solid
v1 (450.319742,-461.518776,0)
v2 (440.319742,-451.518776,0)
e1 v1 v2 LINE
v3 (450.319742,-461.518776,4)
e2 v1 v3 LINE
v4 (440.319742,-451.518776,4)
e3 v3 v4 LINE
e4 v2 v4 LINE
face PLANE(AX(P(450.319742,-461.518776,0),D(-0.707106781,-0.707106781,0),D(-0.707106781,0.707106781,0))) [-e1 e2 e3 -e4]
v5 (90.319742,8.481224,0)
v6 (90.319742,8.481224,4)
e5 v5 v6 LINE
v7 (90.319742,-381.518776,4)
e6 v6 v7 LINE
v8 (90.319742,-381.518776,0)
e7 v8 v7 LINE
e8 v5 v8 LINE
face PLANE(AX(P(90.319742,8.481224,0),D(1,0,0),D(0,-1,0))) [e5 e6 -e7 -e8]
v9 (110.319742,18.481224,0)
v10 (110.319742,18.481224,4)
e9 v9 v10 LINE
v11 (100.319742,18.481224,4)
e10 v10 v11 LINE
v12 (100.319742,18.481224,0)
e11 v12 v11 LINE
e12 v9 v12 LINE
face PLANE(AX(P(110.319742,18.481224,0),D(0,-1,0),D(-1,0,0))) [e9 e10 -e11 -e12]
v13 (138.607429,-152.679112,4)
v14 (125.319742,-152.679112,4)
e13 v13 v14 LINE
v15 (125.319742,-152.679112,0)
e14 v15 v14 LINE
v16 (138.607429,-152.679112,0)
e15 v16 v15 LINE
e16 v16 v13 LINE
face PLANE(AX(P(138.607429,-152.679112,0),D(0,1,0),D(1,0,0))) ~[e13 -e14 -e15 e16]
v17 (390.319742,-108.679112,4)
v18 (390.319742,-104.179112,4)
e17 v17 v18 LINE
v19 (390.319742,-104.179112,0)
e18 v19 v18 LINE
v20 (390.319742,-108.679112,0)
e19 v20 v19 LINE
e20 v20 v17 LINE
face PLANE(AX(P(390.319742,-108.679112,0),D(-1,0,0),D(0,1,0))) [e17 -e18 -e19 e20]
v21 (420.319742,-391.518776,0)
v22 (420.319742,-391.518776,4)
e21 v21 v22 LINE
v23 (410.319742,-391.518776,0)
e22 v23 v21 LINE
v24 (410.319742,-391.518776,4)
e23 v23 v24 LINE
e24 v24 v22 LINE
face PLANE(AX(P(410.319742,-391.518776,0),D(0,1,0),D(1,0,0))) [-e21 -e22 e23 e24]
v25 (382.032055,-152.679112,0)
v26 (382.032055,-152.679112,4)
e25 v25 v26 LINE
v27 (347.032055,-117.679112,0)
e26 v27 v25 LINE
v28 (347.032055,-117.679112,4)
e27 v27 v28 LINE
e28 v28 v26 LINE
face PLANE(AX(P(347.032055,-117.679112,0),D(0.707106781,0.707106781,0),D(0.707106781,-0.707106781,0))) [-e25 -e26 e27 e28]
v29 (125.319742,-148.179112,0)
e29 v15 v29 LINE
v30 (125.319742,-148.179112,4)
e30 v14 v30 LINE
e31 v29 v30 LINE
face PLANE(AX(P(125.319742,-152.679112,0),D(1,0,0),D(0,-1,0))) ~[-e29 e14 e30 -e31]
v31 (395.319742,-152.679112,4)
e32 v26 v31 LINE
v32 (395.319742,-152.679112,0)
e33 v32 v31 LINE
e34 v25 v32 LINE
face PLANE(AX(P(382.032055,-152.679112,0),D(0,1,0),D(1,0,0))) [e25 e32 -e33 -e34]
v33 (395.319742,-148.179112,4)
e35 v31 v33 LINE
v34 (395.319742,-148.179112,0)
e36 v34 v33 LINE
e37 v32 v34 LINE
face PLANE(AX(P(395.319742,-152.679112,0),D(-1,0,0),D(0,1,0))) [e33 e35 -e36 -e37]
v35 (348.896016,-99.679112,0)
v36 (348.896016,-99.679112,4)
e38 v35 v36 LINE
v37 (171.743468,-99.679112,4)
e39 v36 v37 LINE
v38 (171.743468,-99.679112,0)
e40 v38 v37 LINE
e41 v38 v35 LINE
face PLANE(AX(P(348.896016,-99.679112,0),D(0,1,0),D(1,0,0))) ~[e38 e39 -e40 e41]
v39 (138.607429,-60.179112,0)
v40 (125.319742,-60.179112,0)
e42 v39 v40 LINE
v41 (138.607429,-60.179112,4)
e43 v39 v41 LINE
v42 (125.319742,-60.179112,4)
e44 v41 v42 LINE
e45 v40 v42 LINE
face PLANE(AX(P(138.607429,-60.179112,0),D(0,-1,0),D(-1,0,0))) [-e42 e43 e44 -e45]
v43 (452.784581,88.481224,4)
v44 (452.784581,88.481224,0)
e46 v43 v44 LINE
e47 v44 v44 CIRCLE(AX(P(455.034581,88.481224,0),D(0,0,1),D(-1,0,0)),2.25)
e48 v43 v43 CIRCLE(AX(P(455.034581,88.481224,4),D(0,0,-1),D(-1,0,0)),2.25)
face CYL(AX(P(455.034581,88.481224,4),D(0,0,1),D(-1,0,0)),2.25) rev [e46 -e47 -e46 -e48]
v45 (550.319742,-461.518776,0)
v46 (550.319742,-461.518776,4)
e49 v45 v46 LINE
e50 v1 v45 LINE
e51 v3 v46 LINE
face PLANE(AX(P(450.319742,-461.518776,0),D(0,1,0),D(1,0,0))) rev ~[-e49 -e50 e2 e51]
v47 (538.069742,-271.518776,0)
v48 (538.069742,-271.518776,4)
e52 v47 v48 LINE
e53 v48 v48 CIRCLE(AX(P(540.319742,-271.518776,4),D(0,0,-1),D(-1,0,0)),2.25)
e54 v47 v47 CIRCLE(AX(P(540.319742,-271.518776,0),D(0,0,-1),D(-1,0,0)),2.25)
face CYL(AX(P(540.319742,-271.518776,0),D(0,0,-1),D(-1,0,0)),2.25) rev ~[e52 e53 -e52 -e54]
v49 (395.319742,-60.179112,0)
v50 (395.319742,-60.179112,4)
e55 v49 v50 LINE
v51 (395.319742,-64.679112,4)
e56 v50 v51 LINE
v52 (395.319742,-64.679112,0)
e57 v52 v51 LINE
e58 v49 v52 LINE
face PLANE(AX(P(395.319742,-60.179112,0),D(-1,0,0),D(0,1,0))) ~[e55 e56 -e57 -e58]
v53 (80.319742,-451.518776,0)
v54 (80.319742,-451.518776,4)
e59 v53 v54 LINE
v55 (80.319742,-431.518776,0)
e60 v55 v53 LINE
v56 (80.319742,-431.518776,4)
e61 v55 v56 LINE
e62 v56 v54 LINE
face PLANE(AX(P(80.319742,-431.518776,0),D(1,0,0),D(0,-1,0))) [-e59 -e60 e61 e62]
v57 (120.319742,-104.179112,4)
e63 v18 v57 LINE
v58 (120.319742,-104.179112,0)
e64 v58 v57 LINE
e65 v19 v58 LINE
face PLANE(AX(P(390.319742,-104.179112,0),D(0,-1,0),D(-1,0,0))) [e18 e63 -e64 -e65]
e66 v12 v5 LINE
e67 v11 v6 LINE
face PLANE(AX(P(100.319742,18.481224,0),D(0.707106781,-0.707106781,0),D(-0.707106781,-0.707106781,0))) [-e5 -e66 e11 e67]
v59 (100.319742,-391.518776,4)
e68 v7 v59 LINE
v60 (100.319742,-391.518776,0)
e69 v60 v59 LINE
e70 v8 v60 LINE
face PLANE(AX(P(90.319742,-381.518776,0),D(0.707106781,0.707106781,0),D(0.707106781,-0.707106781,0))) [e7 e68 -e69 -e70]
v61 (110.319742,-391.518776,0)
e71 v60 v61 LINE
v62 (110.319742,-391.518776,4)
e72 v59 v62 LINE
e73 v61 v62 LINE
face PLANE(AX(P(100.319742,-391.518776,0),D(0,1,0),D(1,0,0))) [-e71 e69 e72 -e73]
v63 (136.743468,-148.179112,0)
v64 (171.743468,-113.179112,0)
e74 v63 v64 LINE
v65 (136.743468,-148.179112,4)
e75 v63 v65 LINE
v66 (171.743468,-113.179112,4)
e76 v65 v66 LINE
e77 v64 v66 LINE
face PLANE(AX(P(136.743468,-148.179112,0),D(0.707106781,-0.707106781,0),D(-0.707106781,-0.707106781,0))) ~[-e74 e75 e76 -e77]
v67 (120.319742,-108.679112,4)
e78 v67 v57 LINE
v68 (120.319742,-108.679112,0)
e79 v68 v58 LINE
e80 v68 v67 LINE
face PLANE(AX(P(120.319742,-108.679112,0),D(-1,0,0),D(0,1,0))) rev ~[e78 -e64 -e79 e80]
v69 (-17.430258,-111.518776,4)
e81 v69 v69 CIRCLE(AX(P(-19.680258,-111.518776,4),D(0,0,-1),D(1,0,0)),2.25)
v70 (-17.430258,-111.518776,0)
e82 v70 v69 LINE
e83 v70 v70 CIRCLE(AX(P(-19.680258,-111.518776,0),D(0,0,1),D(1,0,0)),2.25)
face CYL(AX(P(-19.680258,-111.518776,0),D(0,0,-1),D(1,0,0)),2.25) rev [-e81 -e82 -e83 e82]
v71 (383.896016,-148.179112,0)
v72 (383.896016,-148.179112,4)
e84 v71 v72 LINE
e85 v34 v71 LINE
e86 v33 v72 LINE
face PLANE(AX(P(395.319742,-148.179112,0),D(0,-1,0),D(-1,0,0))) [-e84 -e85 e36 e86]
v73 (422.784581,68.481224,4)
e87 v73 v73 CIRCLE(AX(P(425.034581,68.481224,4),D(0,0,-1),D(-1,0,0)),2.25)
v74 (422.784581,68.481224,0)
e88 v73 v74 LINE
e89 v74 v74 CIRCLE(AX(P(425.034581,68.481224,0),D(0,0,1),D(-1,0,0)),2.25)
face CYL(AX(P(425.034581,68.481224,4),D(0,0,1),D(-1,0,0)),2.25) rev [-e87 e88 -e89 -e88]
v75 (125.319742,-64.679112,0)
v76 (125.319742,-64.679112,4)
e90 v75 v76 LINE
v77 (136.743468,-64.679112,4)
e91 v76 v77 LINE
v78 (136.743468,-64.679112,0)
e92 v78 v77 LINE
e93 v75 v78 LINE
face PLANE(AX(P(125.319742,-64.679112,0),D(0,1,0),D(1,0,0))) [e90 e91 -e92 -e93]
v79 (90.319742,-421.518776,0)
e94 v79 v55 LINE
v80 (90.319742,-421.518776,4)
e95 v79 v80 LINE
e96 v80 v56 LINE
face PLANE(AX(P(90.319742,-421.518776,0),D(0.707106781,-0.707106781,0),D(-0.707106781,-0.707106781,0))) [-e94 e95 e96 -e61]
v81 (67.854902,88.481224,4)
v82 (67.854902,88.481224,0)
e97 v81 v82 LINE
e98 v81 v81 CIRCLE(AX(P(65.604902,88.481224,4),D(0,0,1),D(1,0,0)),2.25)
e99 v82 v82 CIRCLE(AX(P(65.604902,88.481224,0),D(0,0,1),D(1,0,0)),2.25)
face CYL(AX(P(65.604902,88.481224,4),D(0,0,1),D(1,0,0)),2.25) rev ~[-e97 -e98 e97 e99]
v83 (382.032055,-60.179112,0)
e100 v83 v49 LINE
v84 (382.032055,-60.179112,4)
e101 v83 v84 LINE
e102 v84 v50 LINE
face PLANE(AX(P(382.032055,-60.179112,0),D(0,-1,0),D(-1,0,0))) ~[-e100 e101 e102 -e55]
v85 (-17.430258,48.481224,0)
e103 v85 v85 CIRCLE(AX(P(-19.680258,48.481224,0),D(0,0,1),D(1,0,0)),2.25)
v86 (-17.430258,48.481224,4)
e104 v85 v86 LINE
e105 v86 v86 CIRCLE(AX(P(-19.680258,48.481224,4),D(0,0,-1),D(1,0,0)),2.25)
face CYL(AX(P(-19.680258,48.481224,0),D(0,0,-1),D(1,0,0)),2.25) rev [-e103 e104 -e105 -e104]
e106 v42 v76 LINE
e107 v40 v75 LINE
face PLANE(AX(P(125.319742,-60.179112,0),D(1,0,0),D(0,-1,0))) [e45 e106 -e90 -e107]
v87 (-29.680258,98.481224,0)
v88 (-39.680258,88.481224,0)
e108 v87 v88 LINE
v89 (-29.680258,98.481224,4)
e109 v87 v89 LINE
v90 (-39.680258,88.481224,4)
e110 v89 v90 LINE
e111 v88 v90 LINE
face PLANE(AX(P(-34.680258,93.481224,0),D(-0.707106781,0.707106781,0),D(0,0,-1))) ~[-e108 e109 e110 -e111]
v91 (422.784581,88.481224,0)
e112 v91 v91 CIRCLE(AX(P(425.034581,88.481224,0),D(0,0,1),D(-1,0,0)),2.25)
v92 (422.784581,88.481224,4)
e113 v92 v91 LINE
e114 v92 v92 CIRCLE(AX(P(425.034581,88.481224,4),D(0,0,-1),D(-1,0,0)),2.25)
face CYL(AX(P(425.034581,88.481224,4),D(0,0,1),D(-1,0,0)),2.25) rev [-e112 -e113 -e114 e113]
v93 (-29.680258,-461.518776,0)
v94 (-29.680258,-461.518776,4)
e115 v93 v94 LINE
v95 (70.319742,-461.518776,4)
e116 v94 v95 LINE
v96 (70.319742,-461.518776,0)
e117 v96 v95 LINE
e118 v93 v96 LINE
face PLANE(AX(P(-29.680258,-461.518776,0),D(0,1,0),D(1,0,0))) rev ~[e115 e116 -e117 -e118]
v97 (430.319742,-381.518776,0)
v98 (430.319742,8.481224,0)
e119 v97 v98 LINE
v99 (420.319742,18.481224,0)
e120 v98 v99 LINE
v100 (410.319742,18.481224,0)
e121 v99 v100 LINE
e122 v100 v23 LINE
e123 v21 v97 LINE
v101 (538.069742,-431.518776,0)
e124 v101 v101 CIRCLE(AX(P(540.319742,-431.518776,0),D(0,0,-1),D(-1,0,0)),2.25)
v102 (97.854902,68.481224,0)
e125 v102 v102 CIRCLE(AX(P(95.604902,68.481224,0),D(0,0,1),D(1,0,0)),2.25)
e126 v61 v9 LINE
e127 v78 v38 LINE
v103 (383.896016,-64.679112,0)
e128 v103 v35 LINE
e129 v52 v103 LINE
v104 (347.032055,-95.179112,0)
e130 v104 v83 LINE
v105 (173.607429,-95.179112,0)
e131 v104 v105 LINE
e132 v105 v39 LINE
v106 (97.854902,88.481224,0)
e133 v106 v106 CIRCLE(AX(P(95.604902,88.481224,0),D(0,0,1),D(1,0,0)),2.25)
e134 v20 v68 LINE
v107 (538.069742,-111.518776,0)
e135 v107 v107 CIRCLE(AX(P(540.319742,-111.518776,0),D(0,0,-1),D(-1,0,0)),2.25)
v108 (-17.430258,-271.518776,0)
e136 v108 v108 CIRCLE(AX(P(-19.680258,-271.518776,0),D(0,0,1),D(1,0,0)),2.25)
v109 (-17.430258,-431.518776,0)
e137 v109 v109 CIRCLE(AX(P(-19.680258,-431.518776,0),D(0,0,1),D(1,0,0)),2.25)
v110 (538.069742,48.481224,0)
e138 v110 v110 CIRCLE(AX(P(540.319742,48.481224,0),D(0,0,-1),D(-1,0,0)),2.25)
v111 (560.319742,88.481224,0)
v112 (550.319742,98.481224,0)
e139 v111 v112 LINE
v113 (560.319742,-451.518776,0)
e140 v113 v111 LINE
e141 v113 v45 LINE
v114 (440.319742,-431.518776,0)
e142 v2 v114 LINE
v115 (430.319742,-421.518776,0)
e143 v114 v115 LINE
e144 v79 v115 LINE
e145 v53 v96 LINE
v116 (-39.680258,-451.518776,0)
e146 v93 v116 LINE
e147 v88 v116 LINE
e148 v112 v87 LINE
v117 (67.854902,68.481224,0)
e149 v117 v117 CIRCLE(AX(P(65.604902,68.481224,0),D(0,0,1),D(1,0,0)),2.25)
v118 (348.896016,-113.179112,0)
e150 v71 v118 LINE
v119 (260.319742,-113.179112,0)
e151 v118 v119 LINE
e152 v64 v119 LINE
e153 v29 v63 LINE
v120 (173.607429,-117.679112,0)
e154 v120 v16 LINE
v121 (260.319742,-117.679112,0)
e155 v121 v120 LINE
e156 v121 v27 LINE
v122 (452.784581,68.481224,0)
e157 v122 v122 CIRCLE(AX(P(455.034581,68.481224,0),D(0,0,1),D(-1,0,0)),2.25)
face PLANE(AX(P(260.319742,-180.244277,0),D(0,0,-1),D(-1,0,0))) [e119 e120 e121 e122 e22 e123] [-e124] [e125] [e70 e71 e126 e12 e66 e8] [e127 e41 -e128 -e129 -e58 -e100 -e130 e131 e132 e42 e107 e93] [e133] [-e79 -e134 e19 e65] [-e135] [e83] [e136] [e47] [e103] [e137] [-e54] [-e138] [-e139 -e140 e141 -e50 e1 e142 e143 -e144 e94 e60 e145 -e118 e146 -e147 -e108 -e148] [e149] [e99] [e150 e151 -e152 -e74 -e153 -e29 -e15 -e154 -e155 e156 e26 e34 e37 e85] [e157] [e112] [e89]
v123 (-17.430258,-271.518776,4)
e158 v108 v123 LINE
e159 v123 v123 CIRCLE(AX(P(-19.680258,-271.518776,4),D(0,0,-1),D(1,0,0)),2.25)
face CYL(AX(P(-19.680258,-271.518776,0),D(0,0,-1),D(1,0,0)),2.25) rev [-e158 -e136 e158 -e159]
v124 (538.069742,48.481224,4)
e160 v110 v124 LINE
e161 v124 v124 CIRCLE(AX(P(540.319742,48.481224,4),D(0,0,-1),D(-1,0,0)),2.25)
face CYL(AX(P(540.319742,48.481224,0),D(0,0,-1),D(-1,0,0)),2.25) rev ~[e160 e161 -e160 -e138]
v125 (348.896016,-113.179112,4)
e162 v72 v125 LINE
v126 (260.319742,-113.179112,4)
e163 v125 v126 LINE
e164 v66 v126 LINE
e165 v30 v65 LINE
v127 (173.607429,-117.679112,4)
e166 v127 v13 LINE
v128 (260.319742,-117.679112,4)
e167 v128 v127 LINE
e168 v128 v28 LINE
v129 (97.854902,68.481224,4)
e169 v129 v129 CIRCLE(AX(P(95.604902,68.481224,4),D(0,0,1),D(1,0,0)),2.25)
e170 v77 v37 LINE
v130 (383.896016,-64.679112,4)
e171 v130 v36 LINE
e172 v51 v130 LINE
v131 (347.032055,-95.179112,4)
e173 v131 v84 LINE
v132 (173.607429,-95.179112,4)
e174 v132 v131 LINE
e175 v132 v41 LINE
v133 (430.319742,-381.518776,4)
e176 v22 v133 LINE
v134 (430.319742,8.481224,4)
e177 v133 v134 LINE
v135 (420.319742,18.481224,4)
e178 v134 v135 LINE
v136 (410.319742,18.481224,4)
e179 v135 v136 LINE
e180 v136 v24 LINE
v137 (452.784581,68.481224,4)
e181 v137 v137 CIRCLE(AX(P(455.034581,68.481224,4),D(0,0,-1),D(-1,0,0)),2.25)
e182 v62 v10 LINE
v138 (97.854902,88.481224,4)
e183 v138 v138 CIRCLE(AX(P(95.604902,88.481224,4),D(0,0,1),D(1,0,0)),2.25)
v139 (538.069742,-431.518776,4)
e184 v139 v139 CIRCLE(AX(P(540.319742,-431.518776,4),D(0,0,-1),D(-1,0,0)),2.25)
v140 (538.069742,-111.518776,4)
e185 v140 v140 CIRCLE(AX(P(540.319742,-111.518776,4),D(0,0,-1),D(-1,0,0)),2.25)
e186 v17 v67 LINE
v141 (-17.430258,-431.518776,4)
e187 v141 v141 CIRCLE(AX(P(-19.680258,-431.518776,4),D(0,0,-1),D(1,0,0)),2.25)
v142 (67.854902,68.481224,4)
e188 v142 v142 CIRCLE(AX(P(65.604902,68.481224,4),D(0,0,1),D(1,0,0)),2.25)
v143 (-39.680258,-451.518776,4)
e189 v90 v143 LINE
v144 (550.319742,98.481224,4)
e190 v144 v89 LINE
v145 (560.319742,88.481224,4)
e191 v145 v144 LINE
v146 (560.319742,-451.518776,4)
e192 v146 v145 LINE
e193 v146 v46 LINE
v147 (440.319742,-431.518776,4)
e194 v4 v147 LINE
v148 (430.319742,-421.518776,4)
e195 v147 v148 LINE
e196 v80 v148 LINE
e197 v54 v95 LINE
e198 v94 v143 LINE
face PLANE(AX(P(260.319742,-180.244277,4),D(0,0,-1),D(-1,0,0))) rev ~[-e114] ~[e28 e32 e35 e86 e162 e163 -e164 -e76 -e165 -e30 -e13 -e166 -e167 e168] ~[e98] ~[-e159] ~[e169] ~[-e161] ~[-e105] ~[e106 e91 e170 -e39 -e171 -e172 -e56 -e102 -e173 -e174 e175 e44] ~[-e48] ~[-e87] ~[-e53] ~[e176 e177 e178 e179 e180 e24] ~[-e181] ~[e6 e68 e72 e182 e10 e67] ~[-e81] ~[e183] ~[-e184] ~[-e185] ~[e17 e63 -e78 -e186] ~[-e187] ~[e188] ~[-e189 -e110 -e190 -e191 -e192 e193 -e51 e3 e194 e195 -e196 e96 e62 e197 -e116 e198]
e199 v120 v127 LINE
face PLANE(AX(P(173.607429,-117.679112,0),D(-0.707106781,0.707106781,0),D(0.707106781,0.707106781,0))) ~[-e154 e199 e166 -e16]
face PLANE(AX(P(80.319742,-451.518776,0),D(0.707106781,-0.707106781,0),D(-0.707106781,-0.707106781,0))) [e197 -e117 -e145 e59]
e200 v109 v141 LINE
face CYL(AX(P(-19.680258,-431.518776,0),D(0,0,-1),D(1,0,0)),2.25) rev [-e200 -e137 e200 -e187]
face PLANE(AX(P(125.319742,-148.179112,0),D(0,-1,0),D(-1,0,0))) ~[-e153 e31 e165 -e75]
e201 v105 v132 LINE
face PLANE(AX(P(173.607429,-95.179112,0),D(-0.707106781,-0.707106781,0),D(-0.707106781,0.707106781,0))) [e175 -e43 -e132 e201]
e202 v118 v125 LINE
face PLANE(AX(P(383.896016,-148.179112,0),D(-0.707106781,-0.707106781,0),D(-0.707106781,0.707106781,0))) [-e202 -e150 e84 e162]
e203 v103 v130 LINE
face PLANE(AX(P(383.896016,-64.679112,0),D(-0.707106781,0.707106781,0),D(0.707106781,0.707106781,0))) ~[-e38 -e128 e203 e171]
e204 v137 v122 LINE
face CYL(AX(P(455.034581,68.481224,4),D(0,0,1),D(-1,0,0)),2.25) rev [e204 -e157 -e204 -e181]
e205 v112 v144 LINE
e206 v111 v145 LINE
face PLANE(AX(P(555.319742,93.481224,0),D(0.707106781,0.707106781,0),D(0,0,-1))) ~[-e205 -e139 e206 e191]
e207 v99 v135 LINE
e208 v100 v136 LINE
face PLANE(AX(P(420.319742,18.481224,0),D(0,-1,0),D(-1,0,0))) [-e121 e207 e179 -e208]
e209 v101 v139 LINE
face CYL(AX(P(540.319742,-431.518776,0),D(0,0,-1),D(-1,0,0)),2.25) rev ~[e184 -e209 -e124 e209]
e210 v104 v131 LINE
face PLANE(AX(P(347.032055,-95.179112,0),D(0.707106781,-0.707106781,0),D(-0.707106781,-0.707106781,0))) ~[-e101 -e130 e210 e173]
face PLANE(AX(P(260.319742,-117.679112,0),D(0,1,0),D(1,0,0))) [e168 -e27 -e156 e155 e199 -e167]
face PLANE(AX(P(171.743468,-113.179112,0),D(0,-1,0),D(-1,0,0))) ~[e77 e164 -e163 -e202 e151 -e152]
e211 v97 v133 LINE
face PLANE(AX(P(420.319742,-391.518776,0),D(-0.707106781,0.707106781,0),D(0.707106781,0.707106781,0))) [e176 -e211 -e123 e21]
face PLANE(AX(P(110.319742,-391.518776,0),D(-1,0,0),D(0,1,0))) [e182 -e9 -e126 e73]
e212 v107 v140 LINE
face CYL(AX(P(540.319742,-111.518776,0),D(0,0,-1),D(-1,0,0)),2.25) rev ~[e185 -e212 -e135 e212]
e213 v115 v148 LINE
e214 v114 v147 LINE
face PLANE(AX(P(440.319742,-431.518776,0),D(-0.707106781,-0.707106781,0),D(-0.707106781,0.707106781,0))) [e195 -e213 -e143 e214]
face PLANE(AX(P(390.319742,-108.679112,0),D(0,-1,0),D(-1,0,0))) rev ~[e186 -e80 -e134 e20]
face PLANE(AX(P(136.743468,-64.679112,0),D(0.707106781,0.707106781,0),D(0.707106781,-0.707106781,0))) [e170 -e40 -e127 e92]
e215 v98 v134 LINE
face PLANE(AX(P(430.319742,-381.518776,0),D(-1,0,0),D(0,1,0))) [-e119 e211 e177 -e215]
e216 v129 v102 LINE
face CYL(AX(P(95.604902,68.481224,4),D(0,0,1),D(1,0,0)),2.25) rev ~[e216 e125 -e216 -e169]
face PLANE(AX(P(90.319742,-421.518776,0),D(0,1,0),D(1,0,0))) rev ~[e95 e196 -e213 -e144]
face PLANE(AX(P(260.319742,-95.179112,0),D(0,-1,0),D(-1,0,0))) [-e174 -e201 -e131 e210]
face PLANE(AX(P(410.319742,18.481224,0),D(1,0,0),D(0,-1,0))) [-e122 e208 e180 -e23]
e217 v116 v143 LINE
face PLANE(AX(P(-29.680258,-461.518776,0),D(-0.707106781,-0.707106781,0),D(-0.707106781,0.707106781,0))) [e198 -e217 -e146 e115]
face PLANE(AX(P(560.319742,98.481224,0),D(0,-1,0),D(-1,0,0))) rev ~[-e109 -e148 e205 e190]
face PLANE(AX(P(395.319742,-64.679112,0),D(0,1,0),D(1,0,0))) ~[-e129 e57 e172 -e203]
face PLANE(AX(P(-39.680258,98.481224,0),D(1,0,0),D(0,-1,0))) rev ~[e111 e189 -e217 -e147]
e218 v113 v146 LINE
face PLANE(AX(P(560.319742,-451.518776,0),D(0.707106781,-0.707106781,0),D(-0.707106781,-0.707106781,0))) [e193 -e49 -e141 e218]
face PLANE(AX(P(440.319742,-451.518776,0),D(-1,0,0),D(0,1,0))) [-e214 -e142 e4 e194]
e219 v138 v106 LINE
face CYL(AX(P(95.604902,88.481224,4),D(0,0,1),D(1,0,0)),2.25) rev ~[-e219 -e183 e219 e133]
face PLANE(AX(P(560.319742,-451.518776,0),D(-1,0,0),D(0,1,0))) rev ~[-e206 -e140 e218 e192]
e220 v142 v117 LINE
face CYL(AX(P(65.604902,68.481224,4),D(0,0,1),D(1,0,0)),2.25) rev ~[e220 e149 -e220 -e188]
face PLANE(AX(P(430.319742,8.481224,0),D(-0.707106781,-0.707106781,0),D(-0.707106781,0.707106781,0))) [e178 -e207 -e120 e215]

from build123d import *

# Parameters (mm, degrees)
BOSS_EXTRUDE1_DEPTH  = 4
CUT_EXTRUDE2_DEPTH   = 10
SKETCH4_W            = 270
SKETCH4_H            = 4.5
CUT_EXTRUDE5_DEPTH   = 10
CUT_EXTRUDE6_DEPTH   = 10
MIRROR9_COPY_1_DEPTH = 10
CHAMFER1_SIZE        = 10
SKETCH6_R            = 2.25
CUT_EXTRUDE7_DEPTH   = 10
SKETCH7_R            = 2.25
CUT_EXTRUDE8_DEPTH   = 10


with BuildPart() as part:
    # Sketch1 → Boss-Extrude1 (new body)
    with BuildSketch(Plane.XY):
        Polygon((440.319741737, -451.518776284), (440.319741737, -431.518776284), (430.319741737, -421.518776284), (310.319741737, -421.518776284), (210.319741737, -421.518776284), (90.319741737, -421.518776284), (80.319741737, -431.518776284), (80.319741737, -451.518776284), (70.319741737, -461.518776284), (2.319741737, -461.518776284), (-29.680258263, -461.518776284), (-39.680258263, -451.518776284), (-39.680258263, -421.518776284), (-39.680258263, -5.004819249), (-39.680258263, 98.481223716), (0.319741737, 98.481223716), (540.319741737, 98.481223716), (560.319741737, 98.481223716), (560.319741737, -5.004819249), (560.319741737, -420.004819249), (560.319741737, -451.518776284), (550.319741737, -461.518776284), (540.319741737, -461.518776284), (450.319741737, -461.518776284), align=None)
    extrude(amount=BOSS_EXTRUDE1_DEPTH)

    # Sketch3 → Cut-Extrude2 (cut)
    with BuildSketch(Plane(origin=(0, 0, 0), x_dir=(-1, 0, 0), z_dir=(0, 0, -1))):
        Polygon((-410.319741737, -391.518776284), (-420.319741737, -391.518776284), (-430.319741737, -381.518776284), (-430.319741737, 8.481223716), (-420.319741737, 18.481223716), (-410.319741737, 18.481223716), align=None)
        Polygon((-100.319741737, 18.481223716), (-90.319741737, 8.481223716), (-90.319741737, -381.518776284), (-100.319741737, -391.518776284), (-110.319741737, -391.518776284), (-110.319741737, 18.481223716), align=None)
    extrude(amount=-CUT_EXTRUDE2_DEPTH, mode=Mode.SUBTRACT)

    # Sketch4 → Cut-Extrude5 (cut)
    with BuildSketch(Plane(origin=(0, 0, 0), x_dir=(-1, 0, 0), z_dir=(0, 0, -1))):
        with Locations((-255.319741737, -106.429112329)):
            Rectangle(SKETCH4_W, SKETCH4_H)
    extrude(amount=-CUT_EXTRUDE5_DEPTH, mode=Mode.SUBTRACT)

    # Sketch5 → Cut-Extrude6 (cut)
    with BuildSketch(Plane(origin=(0, 0, 0), x_dir=(-1, 0, 0), z_dir=(0, 0, -1))):
        Polygon((-171.743467553, -99.679112329), (-260.319741737, -99.679112329), (-260.319741737, -95.179112329), (-173.607428584, -95.179112329), (-138.607428584, -60.179112329), (-125.319741737, -60.179112329), (-125.319741737, -64.679112329), (-136.743467553, -64.679112329), align=None)
    cut_extrude6 = extrude(amount=-CUT_EXTRUDE6_DEPTH, mode=Mode.SUBTRACT)

    # Mirror3: Cut-Extrude6 across plane
    add(cut_extrude6.mirror(Plane(origin=(260.319741737, -99.679112329, 10), x_dir=(0, 0, 1), z_dir=(1, 0, 0))), mode=Mode.SUBTRACT)

    # Mirror9: Cut-Extrude6 across plane
    add(cut_extrude6.mirror(Plane(origin=(0, -106.429112329, 0), x_dir=(0, 0, 1), z_dir=(0, -1, 0))), mode=Mode.SUBTRACT)

    # Mirror9 copy 1 sketch → Mirror9 copy 1 (cut)
    with BuildSketch(Plane(origin=(520.639483474, -212.858224657, 0), x_dir=(1, 0, 0), z_dir=(0, 0, -1))):
        Polygon((-171.743467553, -99.679112329), (-260.319741737, -99.679112329), (-260.319741737, -95.179112329), (-173.607428584, -95.179112329), (-138.607428584, -60.179112329), (-125.319741737, -60.179112329), (-125.319741737, -64.679112329), (-136.743467553, -64.679112329), align=None)
    extrude(amount=-MIRROR9_COPY_1_DEPTH, mode=Mode.SUBTRACT)

    # Chamfer1
    chamfer1_edges = [part.edges().sort_by_distance(p)[0] for p in [
        (-39.680258263, 98.481223716, 2),
        (560.319741737, 98.481223716, 2),
    ]]
    chamfer(chamfer1_edges, length=CHAMFER1_SIZE)

    # Sketch6 → Cut-Extrude7 (cut)
    with BuildSketch(Plane(origin=(0, 0, 0), x_dir=(-1, 0, 0), z_dir=(0, 0, -1))):
        with Locations((-540.319741737, 48.481223716)):
            Circle(SKETCH6_R)
        with Locations((-540.319741737, -111.518776284)):
            Circle(SKETCH6_R)
        with Locations((-540.319741737, -271.518776284)):
            Circle(SKETCH6_R)
        with Locations((-540.319741737, -431.518776284)):
            Circle(SKETCH6_R)
    cut_extrude7 = extrude(amount=-CUT_EXTRUDE7_DEPTH, mode=Mode.SUBTRACT)

    # Mirror10: Cut-Extrude7 across plane
    add(cut_extrude7.mirror(Plane(origin=(260.319741737, 0, 0), x_dir=(0, 0, 1), z_dir=(1, 0, 0))), mode=Mode.SUBTRACT)

    # Sketch7 → Cut-Extrude8 (cut)
    with BuildSketch(Plane.XY.offset(4)):
        with Locations((65.604902337, 88.481223716)):
            Circle(SKETCH7_R)
        with Locations((95.604902337, 88.481223716)):
            Circle(SKETCH7_R)
        with Locations((95.604902337, 68.481223716)):
            Circle(SKETCH7_R)
        with Locations((65.604902337, 68.481223716)):
            Circle(SKETCH7_R)
    cut_extrude8 = extrude(amount=-CUT_EXTRUDE8_DEPTH, mode=Mode.SUBTRACT)

    # Mirror11: Cut-Extrude8 across plane
    add(cut_extrude8.mirror(Plane(origin=(260.319741737, 0, 0), x_dir=(0, 0, 1), z_dir=(1, 0, 0))), mode=Mode.SUBTRACT)


solid = part.part
